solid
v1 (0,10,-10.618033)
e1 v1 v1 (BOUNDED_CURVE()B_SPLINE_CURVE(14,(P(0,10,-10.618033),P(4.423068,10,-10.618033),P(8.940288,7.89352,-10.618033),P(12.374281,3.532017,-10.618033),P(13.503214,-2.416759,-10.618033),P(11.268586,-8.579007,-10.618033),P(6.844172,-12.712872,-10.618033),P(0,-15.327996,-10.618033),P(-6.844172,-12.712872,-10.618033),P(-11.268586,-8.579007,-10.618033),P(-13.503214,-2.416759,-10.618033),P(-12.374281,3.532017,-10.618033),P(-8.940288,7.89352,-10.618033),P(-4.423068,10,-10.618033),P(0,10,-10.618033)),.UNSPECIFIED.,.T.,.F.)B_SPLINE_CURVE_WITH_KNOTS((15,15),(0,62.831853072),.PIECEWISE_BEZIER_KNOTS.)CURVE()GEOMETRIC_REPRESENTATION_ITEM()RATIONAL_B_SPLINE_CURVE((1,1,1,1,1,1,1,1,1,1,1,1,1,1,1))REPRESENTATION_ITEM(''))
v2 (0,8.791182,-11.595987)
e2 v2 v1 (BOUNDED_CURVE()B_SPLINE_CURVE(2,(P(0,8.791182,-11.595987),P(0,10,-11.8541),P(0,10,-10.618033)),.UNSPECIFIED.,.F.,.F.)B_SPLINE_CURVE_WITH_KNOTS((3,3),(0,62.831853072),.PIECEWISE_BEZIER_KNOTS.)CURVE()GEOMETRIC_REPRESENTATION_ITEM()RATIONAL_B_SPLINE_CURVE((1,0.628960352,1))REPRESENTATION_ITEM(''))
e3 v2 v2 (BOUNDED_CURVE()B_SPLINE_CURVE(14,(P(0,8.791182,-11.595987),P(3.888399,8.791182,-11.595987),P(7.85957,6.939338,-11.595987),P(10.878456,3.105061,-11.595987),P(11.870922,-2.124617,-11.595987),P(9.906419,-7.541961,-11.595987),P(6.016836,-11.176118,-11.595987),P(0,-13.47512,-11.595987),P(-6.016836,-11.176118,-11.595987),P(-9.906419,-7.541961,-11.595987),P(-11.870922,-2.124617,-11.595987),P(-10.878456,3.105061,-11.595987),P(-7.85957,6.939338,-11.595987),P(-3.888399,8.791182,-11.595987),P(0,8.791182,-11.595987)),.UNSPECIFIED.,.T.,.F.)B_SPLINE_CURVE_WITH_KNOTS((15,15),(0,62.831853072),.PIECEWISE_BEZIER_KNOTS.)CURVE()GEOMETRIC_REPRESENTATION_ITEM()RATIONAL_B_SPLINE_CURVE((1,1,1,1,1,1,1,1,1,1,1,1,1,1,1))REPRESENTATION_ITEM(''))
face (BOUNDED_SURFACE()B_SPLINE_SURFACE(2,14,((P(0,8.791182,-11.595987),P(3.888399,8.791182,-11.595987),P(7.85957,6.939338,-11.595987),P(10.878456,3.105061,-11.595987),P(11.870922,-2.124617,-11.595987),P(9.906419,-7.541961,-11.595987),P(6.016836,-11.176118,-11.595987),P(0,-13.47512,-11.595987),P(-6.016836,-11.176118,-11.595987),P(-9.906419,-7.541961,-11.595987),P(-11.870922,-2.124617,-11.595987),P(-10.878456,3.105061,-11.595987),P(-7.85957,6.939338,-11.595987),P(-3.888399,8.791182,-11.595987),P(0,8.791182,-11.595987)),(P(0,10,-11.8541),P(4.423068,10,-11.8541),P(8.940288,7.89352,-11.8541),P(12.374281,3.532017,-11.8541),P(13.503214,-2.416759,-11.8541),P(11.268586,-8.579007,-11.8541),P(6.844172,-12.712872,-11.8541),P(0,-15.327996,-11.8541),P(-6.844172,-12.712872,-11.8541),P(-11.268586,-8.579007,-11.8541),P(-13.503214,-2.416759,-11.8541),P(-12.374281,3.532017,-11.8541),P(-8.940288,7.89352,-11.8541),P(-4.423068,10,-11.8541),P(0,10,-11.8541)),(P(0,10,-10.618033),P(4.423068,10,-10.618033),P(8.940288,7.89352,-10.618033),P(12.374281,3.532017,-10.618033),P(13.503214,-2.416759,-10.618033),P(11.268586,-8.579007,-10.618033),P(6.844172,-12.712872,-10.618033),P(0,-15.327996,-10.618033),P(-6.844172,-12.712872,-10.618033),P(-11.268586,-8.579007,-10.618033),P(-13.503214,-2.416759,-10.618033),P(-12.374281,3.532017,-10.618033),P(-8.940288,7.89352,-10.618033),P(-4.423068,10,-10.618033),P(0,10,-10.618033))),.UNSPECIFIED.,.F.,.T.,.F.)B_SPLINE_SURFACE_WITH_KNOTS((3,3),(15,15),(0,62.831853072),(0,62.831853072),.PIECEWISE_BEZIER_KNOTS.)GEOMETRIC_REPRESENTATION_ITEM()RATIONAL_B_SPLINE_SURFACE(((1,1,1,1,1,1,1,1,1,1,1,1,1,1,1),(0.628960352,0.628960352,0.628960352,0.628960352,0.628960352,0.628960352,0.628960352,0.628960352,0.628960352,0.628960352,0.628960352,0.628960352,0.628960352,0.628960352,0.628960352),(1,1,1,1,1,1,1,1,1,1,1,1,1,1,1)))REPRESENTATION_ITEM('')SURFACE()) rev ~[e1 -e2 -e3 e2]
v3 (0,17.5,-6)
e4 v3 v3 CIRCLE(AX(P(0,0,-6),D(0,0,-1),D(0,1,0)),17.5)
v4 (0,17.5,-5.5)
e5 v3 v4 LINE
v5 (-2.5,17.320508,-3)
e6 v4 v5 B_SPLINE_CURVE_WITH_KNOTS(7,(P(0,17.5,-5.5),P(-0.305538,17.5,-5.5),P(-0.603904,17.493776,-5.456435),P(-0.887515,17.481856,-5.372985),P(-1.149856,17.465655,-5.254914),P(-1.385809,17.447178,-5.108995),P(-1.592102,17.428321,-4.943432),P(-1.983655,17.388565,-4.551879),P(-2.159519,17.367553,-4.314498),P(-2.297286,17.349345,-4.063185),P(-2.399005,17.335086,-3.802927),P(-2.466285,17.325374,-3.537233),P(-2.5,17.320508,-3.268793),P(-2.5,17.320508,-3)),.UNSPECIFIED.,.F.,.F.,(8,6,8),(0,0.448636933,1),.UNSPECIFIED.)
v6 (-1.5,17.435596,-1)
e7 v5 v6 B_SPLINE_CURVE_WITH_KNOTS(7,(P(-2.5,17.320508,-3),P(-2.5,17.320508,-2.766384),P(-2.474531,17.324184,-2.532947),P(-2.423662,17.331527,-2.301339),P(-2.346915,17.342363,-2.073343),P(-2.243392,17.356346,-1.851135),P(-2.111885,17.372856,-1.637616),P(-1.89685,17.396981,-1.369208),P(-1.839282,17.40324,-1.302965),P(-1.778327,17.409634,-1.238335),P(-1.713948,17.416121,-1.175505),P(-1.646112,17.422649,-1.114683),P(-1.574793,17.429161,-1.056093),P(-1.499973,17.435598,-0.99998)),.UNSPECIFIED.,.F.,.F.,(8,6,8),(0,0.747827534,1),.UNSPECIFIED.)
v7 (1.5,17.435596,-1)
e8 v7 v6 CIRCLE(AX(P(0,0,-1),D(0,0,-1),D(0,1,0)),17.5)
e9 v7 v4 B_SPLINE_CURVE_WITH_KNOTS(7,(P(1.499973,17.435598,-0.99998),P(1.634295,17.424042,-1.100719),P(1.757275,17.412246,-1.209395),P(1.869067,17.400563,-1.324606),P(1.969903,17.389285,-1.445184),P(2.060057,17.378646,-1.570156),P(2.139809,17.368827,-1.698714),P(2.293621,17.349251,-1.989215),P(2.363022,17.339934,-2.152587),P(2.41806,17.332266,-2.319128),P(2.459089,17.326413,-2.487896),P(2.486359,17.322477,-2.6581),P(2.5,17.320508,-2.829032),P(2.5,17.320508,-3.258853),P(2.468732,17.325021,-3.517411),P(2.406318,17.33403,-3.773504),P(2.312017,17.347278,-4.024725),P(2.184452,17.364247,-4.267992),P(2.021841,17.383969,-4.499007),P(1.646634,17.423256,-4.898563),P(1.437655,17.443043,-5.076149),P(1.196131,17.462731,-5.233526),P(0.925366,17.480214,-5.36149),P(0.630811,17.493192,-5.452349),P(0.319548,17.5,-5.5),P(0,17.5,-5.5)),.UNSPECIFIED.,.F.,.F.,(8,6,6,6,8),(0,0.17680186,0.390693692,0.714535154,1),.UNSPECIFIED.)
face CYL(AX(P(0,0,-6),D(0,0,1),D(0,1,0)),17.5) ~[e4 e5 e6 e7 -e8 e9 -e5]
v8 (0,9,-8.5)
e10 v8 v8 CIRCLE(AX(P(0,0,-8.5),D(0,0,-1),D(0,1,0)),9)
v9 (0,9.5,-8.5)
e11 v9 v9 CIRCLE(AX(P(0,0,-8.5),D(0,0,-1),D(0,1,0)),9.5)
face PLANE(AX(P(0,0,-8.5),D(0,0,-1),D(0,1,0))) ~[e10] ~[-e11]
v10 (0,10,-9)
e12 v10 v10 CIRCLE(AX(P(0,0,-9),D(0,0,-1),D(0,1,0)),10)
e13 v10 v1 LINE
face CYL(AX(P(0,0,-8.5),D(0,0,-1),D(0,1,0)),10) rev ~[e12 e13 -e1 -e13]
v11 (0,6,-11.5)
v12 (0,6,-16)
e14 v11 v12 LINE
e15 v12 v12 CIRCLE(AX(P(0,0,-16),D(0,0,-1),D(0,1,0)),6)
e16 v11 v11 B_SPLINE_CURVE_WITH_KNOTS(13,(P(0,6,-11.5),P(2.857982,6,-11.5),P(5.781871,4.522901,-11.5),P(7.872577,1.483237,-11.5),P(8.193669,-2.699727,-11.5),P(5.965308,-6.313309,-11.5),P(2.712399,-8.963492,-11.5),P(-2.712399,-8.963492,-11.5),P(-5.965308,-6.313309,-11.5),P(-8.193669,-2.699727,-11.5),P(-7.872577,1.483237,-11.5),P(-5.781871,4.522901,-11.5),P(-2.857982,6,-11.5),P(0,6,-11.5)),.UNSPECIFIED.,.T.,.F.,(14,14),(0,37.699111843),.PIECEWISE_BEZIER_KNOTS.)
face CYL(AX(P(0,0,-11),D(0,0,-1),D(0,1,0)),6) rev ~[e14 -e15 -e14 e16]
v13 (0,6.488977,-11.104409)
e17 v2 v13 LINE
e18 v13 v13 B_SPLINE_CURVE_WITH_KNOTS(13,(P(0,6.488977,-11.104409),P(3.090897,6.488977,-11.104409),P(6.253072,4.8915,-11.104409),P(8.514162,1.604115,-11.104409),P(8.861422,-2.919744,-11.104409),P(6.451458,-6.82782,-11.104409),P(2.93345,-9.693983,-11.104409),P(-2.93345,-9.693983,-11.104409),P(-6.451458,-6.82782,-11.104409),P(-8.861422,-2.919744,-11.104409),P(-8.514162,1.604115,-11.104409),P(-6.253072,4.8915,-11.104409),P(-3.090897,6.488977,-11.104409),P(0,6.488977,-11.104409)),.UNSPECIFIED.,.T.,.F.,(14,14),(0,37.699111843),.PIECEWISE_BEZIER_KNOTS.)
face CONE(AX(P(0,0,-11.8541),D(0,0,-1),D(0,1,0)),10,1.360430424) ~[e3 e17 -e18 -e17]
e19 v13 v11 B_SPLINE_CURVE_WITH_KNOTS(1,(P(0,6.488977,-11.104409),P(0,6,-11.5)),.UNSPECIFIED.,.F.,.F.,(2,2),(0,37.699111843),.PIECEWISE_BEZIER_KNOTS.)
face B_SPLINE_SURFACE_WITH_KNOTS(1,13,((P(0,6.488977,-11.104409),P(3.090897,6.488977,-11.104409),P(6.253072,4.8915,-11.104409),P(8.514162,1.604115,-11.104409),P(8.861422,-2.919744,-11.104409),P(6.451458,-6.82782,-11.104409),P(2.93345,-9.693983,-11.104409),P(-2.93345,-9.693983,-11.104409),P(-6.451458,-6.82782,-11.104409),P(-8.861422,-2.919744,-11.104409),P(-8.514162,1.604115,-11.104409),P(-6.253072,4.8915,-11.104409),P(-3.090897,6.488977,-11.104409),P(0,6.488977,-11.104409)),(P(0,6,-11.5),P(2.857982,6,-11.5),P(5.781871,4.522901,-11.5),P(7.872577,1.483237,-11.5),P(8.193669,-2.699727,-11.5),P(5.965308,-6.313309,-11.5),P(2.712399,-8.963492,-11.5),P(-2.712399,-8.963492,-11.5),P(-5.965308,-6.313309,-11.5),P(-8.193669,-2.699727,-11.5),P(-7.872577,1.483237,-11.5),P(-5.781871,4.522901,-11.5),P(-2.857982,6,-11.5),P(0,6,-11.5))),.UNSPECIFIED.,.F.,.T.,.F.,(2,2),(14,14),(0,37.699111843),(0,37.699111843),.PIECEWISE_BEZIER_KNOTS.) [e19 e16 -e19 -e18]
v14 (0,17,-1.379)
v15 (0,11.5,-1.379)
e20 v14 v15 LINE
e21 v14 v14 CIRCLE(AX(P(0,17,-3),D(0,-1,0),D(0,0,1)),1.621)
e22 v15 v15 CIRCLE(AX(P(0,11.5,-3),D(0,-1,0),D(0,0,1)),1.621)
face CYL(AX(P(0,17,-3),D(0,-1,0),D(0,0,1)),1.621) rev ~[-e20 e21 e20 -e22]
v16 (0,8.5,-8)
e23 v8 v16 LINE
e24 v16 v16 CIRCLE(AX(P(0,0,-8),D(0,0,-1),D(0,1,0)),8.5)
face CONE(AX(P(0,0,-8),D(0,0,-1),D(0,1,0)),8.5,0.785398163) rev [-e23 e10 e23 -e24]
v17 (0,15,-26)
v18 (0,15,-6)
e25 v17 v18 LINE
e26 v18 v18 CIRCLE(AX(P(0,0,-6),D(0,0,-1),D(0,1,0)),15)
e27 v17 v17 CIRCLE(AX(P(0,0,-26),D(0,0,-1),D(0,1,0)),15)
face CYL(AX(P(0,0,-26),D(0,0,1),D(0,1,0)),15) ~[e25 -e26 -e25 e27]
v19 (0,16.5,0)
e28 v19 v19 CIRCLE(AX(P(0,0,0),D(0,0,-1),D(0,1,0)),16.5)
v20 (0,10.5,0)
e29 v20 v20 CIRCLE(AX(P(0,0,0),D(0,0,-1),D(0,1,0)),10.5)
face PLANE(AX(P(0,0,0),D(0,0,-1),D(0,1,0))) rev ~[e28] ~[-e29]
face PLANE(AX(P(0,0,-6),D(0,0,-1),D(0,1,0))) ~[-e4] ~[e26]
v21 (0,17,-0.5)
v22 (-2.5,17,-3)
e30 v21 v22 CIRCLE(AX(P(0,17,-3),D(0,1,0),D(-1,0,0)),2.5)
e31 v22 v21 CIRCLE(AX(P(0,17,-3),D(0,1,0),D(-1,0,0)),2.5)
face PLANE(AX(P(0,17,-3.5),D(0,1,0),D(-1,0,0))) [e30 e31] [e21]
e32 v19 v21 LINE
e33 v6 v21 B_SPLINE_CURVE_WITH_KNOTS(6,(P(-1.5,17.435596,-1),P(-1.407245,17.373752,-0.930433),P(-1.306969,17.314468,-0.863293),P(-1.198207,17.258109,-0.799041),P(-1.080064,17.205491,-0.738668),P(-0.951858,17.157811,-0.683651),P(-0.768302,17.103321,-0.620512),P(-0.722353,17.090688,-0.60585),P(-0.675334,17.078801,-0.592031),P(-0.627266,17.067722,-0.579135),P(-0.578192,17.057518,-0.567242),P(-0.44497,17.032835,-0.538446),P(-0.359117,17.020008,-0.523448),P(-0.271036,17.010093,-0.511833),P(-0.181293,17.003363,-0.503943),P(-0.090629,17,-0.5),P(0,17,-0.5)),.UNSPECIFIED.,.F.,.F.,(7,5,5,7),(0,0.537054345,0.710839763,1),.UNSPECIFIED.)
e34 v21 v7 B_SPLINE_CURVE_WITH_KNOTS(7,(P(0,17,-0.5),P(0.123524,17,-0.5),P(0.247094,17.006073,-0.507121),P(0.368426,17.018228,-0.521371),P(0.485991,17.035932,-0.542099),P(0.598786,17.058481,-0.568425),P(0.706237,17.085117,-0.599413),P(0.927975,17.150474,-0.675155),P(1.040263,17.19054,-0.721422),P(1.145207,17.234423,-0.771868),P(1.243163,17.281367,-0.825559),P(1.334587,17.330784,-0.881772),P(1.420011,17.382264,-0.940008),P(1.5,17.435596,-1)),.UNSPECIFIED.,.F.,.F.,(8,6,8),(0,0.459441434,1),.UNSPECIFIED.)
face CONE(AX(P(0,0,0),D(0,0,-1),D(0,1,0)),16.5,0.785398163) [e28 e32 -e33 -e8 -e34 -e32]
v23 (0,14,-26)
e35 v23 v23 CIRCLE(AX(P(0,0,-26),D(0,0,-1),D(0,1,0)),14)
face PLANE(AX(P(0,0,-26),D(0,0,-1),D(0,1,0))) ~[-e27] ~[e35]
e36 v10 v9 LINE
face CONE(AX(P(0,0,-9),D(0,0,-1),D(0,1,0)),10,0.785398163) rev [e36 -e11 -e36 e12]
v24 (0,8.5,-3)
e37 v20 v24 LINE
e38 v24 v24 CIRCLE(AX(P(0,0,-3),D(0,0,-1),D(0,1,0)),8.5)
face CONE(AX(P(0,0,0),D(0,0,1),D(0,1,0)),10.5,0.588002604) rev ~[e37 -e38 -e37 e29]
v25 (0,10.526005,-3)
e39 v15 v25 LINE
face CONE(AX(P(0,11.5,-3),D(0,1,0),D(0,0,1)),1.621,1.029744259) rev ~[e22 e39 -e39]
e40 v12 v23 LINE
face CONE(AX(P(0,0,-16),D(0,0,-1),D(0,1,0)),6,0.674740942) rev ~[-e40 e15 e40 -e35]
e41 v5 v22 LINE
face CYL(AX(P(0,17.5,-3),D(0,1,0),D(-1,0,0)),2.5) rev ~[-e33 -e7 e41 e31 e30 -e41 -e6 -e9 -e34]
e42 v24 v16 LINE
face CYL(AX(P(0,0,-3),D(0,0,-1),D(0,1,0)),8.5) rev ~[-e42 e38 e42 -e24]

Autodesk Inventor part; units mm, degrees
ref_plane "YZ Plane" through (0, 0, 0) normal (1, 0, 0) x (0, 1, 0)
ref_plane "XY Plane" through (0, 0, 0) normal (0, 0, 1) x (1, 0, 0)
sketch "Esquisse1" plane through (0, 0, 0) normal (1, 0, 0) x (0, 1, 0)
  line L0 (0, 0) -> (0, -31.3963)
  line L1 (8.5, -3) -> (8.5, -8.5)
  line L2 (16.5, 0) -> (10.5, 0)
  line L3 (10.5, 0) -> (8.5, -3)
  circle A0 centre (8.5, -10) radius 1.5 construction
  line L4 (8.5, -8.5) -> (10, -8.5)
  line L5 (10, -8.5) -> (10, -11.8541)
  line L6 (10, -11.8541) -> (6, -11)
  line L7 (6, -11) -> (6, -16)
  line L8 (6, -16) -> (14, -26)
  line L9 (14, -26) -> (15, -26)
  line L10 (15, -26) -> (15, -6)
  line L11 (15, -6) -> (17.5, -6)
  line L12 (17.5, -6) -> (17.5, -1)
  line L13 (16.5, 0) -> (17.5, -1)
  dimension "d3" = 17
  dimension "d4" = 3
  dimension "d5" = 2
  dimension "d7" = 3
  dimension "d9" = 12
  dimension "d10" = 2.5
  dimension "d11" = 11
  dimension "d12" = 5
  dimension "d13" = 1
  dimension "d14" = 30
  dimension "d15" = 10
  dimension "d19" = 2.5
  dimension "d20" = 20
  dimension "d97" = 1
  dimension "d98" = 1
revolve "Révolution1" add sketch "Esquisse1" angle 360 about axis through (0, 0, 0) along (0, 0, -1)
thread "Filetage1" size "M30x2" class "6g" standard "ISO Metric profile" full length
fillet "Congé1" radius 1 1 edges at (0, -10, -11.8541)
chamfer "Chanfrein1" distance 0.5 angle 45 3 edges at (0, -8.5, -8.5) (0, -6, -11) (0, -10, -8.5)
ref_plane "Plan de construction3" through (0, 17.5, -3.5) normal (0, 1, 0) x (-1, 0, 0)
sketch "Esquisse9" plane through (0, 17.5, -3.5) normal (0, 1, 0) x (-1, 0, 0)
  circle A0 centre (0, 0.5) radius 2.5
  line L0 (-10.5, 3.5) -> (10.5, 3.5) projected
  line L1 (-8.5, 0.5) -> (8.5, 0.5) projected
  point P0 (0, 3.5)
  point P1 (0, 3.5)
  dimension "d85" = 5
extrude "Extrusion4" cut sketch "Esquisse9" against normal blind 0.5
sketch "Esquisse10" plane through (0, 17, -3) normal (0, 1, 0) x (1, 0, 0)
  circle A0 centre (0, 0) radius 2.5 projected
  point P0 (0, -3)
  point P1 (0, -2.5)
hole "Perçage3" at (0, 17, -3) direction (0, -1, 0) diameter 3.242 depth 5.5 tip angle 118 thread size "M4x0.7" class "6H" standard "ISO Metric profile"
properties part number "reservoir_jointure" material "Aluminium 6061"
